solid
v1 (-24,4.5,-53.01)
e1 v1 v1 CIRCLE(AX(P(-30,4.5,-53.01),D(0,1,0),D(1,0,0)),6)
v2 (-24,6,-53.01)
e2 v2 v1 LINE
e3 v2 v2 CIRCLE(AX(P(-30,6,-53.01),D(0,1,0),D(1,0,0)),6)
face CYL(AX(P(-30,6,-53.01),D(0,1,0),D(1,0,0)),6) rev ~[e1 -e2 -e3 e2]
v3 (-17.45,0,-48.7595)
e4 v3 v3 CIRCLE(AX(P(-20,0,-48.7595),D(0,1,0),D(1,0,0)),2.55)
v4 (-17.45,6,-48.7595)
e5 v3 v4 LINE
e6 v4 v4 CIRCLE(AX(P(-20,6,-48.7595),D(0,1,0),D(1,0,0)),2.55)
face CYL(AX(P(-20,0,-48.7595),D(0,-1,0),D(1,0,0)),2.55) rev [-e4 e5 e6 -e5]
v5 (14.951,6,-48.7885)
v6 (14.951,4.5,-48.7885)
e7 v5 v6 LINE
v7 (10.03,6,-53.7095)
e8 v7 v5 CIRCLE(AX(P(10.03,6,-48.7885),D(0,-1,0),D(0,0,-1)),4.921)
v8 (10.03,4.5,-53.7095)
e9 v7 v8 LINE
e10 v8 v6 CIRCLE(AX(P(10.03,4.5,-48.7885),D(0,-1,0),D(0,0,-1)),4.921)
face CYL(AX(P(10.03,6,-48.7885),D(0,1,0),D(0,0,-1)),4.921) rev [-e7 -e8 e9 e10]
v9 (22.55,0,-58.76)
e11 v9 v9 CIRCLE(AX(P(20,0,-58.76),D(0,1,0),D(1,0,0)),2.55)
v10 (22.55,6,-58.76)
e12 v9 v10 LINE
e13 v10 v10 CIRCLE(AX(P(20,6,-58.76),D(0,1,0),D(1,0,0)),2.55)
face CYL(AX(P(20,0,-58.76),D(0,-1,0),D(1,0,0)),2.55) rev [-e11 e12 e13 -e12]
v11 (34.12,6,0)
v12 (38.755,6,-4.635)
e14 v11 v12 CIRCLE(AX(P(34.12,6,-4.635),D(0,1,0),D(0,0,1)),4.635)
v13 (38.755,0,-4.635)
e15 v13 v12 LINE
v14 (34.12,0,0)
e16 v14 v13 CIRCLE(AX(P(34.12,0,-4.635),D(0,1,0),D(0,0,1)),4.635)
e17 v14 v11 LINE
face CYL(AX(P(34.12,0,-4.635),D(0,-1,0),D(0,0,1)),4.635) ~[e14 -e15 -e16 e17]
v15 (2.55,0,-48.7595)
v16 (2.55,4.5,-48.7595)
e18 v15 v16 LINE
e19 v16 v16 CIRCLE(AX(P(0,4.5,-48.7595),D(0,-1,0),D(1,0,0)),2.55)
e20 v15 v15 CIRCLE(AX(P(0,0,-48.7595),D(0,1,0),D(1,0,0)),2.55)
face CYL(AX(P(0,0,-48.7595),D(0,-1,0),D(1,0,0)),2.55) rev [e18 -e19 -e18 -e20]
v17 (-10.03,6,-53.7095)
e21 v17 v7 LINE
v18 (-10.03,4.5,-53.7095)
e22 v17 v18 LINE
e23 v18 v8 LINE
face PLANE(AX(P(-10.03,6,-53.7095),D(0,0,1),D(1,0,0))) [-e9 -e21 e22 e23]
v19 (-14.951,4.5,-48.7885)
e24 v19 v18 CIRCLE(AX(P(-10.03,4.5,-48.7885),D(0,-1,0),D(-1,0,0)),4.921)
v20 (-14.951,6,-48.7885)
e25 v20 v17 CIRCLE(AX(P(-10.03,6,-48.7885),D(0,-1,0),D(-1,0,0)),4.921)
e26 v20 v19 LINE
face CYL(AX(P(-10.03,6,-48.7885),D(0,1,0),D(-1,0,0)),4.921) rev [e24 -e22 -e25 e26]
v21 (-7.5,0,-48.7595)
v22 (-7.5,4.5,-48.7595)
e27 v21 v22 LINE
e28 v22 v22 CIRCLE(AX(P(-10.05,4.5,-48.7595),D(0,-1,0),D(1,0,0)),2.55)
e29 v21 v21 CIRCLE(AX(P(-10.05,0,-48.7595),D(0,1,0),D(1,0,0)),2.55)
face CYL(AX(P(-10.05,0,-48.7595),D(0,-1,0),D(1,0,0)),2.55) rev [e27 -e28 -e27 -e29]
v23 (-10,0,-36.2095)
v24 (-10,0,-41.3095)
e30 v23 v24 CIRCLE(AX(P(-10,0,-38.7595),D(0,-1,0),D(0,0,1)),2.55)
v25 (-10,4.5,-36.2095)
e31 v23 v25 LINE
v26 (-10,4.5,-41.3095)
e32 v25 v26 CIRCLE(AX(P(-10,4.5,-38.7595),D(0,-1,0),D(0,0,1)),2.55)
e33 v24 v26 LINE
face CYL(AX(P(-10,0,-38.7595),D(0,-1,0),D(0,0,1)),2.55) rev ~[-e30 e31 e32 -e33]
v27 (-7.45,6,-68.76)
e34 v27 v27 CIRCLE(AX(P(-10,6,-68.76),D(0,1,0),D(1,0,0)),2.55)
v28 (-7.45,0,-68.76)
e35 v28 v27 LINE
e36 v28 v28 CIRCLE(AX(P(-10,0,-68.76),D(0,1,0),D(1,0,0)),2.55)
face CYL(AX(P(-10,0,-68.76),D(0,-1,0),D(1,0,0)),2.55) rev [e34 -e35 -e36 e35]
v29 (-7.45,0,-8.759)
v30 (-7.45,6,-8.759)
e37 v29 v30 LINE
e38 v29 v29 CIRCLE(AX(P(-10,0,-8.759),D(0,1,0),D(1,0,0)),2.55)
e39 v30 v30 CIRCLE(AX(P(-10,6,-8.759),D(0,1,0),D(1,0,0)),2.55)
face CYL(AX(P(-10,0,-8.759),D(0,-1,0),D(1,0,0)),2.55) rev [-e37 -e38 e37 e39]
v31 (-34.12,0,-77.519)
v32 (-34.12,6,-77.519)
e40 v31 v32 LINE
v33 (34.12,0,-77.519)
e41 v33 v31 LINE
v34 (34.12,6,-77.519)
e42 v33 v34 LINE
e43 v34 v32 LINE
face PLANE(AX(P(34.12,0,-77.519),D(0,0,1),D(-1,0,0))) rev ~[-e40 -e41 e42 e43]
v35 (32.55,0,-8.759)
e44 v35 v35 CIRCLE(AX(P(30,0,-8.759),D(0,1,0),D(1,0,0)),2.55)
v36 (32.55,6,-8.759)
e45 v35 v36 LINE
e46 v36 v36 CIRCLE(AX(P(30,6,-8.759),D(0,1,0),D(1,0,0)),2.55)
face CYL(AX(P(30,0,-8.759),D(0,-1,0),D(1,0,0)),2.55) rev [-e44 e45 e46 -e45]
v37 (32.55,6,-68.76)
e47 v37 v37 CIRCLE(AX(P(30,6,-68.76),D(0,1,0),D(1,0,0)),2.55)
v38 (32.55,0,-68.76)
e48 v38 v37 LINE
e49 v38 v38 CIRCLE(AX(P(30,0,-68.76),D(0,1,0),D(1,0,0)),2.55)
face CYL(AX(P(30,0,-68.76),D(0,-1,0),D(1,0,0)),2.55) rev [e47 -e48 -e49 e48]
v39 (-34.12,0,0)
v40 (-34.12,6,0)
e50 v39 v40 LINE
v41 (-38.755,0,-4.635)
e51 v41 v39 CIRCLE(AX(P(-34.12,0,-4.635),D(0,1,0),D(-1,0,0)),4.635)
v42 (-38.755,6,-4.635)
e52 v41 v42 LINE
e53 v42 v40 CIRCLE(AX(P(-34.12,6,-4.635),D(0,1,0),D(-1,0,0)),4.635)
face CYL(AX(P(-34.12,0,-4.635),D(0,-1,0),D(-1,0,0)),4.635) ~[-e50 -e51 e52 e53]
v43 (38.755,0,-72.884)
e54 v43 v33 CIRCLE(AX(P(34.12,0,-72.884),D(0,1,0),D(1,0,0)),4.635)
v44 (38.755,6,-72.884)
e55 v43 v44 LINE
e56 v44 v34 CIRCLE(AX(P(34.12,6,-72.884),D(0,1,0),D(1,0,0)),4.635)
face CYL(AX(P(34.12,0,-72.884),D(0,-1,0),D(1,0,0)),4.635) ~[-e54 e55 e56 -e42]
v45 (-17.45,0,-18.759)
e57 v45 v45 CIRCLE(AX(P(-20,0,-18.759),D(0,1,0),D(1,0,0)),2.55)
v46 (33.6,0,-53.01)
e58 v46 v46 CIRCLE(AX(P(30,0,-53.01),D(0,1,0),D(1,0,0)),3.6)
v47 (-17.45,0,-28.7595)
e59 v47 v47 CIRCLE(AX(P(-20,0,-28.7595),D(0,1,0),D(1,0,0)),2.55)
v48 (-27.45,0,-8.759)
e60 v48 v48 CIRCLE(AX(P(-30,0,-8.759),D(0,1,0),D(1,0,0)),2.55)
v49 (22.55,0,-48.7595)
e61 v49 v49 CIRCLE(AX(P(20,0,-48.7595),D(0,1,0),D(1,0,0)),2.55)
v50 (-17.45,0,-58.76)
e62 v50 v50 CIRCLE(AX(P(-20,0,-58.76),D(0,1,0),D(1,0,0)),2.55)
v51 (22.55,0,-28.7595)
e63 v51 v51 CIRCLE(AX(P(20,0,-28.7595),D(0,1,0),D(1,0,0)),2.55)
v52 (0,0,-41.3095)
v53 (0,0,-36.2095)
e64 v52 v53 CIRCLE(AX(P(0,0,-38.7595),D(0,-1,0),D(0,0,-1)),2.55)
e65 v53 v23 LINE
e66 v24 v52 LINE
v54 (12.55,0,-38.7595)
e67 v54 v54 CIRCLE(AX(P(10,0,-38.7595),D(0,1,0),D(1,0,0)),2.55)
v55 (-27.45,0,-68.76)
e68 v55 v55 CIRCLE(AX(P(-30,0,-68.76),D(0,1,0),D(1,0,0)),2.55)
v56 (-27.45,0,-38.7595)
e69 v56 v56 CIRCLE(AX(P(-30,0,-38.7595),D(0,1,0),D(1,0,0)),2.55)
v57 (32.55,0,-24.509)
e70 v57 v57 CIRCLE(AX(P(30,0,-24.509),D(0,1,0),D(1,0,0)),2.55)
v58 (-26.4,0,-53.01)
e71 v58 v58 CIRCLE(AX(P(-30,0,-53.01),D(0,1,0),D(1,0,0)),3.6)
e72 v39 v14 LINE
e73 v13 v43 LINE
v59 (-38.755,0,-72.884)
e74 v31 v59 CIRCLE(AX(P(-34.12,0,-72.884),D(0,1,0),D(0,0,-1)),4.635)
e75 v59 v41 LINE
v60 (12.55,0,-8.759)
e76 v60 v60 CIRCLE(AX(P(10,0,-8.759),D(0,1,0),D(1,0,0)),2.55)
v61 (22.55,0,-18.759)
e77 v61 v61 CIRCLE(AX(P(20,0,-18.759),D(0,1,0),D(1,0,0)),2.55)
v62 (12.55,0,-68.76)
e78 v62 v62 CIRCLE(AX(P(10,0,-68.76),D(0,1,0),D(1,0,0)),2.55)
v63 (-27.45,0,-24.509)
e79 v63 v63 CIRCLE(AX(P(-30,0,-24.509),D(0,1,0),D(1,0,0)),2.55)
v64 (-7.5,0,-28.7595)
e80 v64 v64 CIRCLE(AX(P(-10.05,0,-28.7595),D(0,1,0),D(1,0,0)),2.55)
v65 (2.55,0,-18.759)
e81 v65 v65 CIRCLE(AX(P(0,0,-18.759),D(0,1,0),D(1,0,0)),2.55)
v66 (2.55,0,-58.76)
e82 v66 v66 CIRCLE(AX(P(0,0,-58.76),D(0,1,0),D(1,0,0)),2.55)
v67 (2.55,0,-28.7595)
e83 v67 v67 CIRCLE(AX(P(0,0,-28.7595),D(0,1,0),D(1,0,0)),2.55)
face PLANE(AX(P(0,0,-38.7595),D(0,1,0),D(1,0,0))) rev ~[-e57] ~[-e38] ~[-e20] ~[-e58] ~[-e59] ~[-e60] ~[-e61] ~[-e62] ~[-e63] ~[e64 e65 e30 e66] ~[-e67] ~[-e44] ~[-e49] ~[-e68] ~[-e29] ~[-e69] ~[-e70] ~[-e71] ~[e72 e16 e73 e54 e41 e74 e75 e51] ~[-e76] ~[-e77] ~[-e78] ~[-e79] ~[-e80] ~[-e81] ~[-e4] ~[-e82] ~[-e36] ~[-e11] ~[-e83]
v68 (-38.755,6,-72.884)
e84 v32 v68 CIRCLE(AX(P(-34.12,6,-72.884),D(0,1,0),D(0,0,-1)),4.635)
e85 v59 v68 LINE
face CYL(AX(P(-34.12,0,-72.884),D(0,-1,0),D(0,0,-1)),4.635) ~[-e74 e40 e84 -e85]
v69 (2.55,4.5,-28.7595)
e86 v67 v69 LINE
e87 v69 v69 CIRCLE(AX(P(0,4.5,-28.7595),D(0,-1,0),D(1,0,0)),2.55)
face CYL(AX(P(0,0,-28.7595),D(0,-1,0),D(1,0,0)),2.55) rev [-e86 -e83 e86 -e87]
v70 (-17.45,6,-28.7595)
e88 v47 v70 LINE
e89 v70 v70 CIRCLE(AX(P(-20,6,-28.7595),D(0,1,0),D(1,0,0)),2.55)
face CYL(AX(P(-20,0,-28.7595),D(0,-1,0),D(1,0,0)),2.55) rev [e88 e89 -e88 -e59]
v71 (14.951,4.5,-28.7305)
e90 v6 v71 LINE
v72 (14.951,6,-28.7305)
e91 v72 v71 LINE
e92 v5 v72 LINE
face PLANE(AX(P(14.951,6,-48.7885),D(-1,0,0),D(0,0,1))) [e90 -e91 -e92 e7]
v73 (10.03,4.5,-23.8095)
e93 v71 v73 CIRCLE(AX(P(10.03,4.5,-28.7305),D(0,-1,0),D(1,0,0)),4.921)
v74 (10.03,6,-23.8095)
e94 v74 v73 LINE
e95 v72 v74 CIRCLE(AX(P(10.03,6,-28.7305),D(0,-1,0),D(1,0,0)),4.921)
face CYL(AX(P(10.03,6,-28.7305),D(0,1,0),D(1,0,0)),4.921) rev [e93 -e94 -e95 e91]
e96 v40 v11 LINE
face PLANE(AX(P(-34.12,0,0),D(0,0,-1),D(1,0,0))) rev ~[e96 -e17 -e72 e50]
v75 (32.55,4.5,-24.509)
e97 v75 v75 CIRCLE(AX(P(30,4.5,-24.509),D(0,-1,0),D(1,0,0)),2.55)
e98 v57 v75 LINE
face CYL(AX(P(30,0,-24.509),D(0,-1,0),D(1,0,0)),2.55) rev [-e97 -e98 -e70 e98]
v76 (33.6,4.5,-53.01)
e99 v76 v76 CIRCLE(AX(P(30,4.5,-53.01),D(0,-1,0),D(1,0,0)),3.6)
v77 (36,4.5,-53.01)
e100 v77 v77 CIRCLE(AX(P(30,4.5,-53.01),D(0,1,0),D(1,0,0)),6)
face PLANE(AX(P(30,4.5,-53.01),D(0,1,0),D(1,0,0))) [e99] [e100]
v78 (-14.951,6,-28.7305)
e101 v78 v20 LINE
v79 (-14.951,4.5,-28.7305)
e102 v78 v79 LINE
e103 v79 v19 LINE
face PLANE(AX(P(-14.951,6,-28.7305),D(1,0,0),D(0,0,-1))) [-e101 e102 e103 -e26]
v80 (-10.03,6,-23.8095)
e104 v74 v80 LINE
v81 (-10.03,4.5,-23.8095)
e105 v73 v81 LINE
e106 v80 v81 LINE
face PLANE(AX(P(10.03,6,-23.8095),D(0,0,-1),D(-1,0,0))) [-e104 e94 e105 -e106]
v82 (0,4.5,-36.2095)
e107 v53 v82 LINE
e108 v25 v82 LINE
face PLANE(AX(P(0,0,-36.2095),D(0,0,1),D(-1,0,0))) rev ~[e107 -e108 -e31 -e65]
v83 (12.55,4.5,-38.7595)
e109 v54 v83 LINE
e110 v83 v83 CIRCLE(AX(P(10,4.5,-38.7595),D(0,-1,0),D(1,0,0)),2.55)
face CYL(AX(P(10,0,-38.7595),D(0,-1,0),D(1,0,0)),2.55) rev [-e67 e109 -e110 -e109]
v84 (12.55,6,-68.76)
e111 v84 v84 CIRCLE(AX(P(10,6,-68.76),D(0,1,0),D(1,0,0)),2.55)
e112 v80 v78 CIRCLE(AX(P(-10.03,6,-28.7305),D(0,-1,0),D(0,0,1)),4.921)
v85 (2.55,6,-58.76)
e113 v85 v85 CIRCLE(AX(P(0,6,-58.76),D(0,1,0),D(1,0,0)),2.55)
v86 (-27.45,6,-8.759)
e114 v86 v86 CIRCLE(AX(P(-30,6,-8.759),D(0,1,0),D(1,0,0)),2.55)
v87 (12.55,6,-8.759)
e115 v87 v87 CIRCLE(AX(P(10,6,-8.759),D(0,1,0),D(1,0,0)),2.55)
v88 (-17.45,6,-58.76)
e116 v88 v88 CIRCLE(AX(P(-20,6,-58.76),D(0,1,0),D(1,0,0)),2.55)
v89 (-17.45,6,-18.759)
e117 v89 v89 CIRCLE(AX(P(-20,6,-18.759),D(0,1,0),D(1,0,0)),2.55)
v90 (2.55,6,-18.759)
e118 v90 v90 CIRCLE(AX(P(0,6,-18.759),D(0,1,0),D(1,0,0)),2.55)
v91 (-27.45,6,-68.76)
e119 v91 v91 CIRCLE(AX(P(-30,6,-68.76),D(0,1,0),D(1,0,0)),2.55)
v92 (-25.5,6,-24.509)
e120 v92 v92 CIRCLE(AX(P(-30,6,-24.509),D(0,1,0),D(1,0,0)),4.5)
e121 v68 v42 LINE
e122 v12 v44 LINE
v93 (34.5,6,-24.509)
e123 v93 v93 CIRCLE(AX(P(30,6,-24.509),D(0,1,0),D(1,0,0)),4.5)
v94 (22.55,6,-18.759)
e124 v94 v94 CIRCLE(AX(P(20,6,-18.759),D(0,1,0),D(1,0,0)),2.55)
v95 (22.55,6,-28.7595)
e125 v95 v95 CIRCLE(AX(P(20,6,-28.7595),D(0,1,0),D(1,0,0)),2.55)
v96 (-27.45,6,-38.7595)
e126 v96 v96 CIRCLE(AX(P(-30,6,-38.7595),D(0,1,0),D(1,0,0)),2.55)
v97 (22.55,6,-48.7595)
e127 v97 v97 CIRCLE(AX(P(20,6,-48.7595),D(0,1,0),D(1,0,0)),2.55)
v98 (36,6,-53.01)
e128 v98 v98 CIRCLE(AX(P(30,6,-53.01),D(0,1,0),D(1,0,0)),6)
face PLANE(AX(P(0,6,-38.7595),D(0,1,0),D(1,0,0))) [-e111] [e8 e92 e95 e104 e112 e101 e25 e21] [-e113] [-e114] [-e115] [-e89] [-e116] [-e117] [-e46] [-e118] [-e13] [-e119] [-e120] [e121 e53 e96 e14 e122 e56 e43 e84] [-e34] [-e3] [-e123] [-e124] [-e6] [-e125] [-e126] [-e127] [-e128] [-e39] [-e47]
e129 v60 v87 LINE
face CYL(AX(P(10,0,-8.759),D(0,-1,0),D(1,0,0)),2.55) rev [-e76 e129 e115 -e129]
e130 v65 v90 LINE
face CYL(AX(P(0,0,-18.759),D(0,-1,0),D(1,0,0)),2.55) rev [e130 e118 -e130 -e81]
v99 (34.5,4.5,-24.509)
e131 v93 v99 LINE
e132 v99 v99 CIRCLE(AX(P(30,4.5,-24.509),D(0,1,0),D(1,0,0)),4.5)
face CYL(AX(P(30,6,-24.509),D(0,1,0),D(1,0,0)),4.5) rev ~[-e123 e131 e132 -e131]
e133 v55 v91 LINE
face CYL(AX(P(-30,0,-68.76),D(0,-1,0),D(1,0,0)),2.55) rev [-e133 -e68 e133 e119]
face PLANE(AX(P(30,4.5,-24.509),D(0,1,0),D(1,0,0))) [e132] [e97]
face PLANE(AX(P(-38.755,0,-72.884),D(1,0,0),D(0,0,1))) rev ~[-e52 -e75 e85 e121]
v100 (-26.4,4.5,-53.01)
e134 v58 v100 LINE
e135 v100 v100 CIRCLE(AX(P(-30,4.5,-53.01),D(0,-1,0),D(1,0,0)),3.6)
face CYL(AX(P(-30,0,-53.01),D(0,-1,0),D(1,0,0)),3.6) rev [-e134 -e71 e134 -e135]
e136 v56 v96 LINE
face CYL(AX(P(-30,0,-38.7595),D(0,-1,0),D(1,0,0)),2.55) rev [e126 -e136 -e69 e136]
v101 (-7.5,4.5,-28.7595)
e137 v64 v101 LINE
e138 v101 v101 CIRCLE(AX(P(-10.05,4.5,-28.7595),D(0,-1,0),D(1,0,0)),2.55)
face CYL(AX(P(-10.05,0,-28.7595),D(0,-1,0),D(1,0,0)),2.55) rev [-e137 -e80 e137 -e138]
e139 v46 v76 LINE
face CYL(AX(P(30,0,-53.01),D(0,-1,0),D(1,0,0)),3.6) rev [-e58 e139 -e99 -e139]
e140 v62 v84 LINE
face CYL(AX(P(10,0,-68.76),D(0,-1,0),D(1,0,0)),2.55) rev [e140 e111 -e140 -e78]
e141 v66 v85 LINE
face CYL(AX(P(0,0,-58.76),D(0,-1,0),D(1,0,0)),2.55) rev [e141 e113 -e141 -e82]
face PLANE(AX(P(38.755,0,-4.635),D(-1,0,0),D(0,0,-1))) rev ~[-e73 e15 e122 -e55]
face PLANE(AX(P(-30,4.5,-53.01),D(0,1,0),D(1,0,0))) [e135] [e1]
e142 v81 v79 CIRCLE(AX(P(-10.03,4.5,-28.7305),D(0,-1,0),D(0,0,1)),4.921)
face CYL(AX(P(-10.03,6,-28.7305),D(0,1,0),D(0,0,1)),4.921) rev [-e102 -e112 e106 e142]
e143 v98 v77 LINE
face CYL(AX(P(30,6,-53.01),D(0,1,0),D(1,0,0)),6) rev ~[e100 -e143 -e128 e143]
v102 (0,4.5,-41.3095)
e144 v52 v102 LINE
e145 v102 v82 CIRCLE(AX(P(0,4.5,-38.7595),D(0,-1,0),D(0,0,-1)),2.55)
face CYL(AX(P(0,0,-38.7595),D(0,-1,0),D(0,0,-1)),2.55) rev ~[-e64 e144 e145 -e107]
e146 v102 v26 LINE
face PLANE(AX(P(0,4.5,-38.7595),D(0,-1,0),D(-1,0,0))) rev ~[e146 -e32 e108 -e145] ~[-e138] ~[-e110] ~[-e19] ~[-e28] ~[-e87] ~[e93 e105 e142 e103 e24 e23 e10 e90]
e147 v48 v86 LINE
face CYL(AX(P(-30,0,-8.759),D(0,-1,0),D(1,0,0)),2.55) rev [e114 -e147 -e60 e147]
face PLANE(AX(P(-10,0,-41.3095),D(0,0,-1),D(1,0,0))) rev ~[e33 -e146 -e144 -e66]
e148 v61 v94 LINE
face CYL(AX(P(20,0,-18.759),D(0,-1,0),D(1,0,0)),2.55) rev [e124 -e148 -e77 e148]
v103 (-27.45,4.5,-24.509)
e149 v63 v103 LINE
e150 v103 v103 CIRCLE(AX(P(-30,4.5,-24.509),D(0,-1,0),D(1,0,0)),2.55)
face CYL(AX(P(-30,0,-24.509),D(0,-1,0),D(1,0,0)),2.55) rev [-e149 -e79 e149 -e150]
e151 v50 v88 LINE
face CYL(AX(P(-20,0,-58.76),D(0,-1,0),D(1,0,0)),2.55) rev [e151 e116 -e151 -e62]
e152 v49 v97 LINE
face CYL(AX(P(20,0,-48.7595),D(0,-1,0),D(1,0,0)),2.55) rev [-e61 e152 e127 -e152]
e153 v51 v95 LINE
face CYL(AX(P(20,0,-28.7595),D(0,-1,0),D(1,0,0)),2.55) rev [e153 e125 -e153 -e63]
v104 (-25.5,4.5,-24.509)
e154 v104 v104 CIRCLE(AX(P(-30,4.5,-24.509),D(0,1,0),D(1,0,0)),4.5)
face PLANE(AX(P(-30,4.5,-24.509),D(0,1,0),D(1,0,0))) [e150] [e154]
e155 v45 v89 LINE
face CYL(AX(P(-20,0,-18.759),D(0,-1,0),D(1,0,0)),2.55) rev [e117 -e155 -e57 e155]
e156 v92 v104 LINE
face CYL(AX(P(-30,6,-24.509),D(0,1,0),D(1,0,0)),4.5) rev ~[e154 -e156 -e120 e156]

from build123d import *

# Parameters (mm, degrees)
SKETCH1_R           = 2.55
SKETCH1_R_2         = 3.6
BOSS_EXTRUDE1_DEPTH = 6
SKETCH2_R           = 6
SKETCH2_R_2         = 4.5
CUT_EXTRUDE1_DEPTH  = 1.5


with BuildPart() as part:
    # Sketch1 → Boss-Extrude1 (new body)
    with BuildSketch(Plane(origin=(0, 0, 0), x_dir=(1, 0, 0), z_dir=(0, 1, 0))):
        with BuildLine():
            Line((-34.12, 0), (34.12, 0))
            ThreePointArc((34.12, 0), (37.397439931, 1.357560069), (38.755, 4.635))
            Line((38.755, 4.635), (38.755, 72.884))
            ThreePointArc((38.755, 72.884), (37.397439931, 76.161439931), (34.12, 77.519))
            Line((34.12, 77.519), (-34.12, 77.519))
            ThreePointArc((-34.12, 77.519), (-37.397439931, 76.161439931), (-38.755, 72.884))
            Line((-38.755, 72.884), (-38.755, 4.635))
            ThreePointArc((-38.755, 4.635), (-37.397439931, 1.357560069), (-34.12, 0))
        make_face()
        with Locations((-10, 68.76)):
            Circle(SKETCH1_R, mode=Mode.SUBTRACT)
        with Locations((-30, 68.76)):
            Circle(SKETCH1_R, mode=Mode.SUBTRACT)
        with Locations((10, 68.76)):
            Circle(SKETCH1_R, mode=Mode.SUBTRACT)
        with Locations((30, 68.76)):
            Circle(SKETCH1_R, mode=Mode.SUBTRACT)
        with Locations((-30, 8.759)):
            Circle(SKETCH1_R, mode=Mode.SUBTRACT)
        with Locations((-10, 8.759)):
            Circle(SKETCH1_R, mode=Mode.SUBTRACT)
        with Locations((10, 8.759)):
            Circle(SKETCH1_R, mode=Mode.SUBTRACT)
        with Locations((30, 8.759)):
            Circle(SKETCH1_R, mode=Mode.SUBTRACT)
        with Locations((0, 58.76)):
            Circle(SKETCH1_R, mode=Mode.SUBTRACT)
        with Locations((-20, 58.76)):
            Circle(SKETCH1_R, mode=Mode.SUBTRACT)
        with Locations((20, 58.76)):
            Circle(SKETCH1_R, mode=Mode.SUBTRACT)
        with Locations((20, 18.759)):
            Circle(SKETCH1_R, mode=Mode.SUBTRACT)
        with Locations((0, 18.759)):
            Circle(SKETCH1_R, mode=Mode.SUBTRACT)
        with Locations((-20, 18.759)):
            Circle(SKETCH1_R, mode=Mode.SUBTRACT)
        with Locations((-20, 48.7595)):
            Circle(SKETCH1_R, mode=Mode.SUBTRACT)
        with Locations((0, 48.7595)):
            Circle(SKETCH1_R, mode=Mode.SUBTRACT)
        with Locations((20, 48.7595)):
            Circle(SKETCH1_R, mode=Mode.SUBTRACT)
        with Locations((-10.05, 48.7595)):
            Circle(SKETCH1_R, mode=Mode.SUBTRACT)
        with Locations((20, 28.7595)):
            Circle(SKETCH1_R, mode=Mode.SUBTRACT)
        with Locations((0, 28.7595)):
            Circle(SKETCH1_R, mode=Mode.SUBTRACT)
        with Locations((-10.05, 28.7595)):
            Circle(SKETCH1_R, mode=Mode.SUBTRACT)
        with Locations((-20, 28.7595)):
            Circle(SKETCH1_R, mode=Mode.SUBTRACT)
        with Locations((10, 38.7595)):
            Circle(SKETCH1_R, mode=Mode.SUBTRACT)
        with Locations((-30, 38.7595)):
            Circle(SKETCH1_R, mode=Mode.SUBTRACT)
        with Locations((-30, 53.01)):
            Circle(SKETCH1_R_2, mode=Mode.SUBTRACT)
        with Locations((-30, 24.509)):
            Circle(SKETCH1_R, mode=Mode.SUBTRACT)
        with Locations((30, 24.509)):
            Circle(SKETCH1_R, mode=Mode.SUBTRACT)
        with Locations((30, 53.01)):
            Circle(SKETCH1_R_2, mode=Mode.SUBTRACT)
        with BuildLine():
            Line((0, 36.2095), (-10, 36.2095))
            ThreePointArc((-10, 36.2095), (-12.55, 38.7595), (-10, 41.3095))
            Line((-10, 41.3095), (0, 41.3095))
            ThreePointArc((0, 41.3095), (2.55, 38.7595), (0, 36.2095))
        make_face(mode=Mode.SUBTRACT)
    extrude(amount=BOSS_EXTRUDE1_DEPTH)

    # Sketch2 → Cut-Extrude1 (cut)
    with BuildSketch(Plane(origin=(0, 6, 0), x_dir=(1, 0, 0), z_dir=(0, 1, 0))):
        with Locations((-30, 53.01)):
            Circle(SKETCH2_R)
        with Locations((-30, 24.509)):
            Circle(SKETCH2_R_2)
        with Locations((30, 53.01)):
            Circle(SKETCH2_R)
        with Locations((30, 24.509)):
            Circle(SKETCH2_R_2)
        with BuildLine():
            Line((-10.03, 53.7095), (10.03, 53.7095))
            ThreePointArc((10.03, 53.7095), (13.50967247, 52.26817247), (14.951, 48.7885))
            Line((14.951, 48.7885), (14.951, 28.7305))
            ThreePointArc((14.951, 28.7305), (13.50967247, 25.25082753), (10.03, 23.8095))
            Line((10.03, 23.8095), (-10.03, 23.8095))
            ThreePointArc((-10.03, 23.8095), (-13.50967247, 25.25082753), (-14.951, 28.7305))
            Line((-14.951, 28.7305), (-14.951, 48.7885))
            ThreePointArc((-14.951, 48.7885), (-13.50967247, 52.26817247), (-10.03, 53.7095))
        make_face()
    extrude(amount=-CUT_EXTRUDE1_DEPTH, mode=Mode.SUBTRACT)


solid = part.part
